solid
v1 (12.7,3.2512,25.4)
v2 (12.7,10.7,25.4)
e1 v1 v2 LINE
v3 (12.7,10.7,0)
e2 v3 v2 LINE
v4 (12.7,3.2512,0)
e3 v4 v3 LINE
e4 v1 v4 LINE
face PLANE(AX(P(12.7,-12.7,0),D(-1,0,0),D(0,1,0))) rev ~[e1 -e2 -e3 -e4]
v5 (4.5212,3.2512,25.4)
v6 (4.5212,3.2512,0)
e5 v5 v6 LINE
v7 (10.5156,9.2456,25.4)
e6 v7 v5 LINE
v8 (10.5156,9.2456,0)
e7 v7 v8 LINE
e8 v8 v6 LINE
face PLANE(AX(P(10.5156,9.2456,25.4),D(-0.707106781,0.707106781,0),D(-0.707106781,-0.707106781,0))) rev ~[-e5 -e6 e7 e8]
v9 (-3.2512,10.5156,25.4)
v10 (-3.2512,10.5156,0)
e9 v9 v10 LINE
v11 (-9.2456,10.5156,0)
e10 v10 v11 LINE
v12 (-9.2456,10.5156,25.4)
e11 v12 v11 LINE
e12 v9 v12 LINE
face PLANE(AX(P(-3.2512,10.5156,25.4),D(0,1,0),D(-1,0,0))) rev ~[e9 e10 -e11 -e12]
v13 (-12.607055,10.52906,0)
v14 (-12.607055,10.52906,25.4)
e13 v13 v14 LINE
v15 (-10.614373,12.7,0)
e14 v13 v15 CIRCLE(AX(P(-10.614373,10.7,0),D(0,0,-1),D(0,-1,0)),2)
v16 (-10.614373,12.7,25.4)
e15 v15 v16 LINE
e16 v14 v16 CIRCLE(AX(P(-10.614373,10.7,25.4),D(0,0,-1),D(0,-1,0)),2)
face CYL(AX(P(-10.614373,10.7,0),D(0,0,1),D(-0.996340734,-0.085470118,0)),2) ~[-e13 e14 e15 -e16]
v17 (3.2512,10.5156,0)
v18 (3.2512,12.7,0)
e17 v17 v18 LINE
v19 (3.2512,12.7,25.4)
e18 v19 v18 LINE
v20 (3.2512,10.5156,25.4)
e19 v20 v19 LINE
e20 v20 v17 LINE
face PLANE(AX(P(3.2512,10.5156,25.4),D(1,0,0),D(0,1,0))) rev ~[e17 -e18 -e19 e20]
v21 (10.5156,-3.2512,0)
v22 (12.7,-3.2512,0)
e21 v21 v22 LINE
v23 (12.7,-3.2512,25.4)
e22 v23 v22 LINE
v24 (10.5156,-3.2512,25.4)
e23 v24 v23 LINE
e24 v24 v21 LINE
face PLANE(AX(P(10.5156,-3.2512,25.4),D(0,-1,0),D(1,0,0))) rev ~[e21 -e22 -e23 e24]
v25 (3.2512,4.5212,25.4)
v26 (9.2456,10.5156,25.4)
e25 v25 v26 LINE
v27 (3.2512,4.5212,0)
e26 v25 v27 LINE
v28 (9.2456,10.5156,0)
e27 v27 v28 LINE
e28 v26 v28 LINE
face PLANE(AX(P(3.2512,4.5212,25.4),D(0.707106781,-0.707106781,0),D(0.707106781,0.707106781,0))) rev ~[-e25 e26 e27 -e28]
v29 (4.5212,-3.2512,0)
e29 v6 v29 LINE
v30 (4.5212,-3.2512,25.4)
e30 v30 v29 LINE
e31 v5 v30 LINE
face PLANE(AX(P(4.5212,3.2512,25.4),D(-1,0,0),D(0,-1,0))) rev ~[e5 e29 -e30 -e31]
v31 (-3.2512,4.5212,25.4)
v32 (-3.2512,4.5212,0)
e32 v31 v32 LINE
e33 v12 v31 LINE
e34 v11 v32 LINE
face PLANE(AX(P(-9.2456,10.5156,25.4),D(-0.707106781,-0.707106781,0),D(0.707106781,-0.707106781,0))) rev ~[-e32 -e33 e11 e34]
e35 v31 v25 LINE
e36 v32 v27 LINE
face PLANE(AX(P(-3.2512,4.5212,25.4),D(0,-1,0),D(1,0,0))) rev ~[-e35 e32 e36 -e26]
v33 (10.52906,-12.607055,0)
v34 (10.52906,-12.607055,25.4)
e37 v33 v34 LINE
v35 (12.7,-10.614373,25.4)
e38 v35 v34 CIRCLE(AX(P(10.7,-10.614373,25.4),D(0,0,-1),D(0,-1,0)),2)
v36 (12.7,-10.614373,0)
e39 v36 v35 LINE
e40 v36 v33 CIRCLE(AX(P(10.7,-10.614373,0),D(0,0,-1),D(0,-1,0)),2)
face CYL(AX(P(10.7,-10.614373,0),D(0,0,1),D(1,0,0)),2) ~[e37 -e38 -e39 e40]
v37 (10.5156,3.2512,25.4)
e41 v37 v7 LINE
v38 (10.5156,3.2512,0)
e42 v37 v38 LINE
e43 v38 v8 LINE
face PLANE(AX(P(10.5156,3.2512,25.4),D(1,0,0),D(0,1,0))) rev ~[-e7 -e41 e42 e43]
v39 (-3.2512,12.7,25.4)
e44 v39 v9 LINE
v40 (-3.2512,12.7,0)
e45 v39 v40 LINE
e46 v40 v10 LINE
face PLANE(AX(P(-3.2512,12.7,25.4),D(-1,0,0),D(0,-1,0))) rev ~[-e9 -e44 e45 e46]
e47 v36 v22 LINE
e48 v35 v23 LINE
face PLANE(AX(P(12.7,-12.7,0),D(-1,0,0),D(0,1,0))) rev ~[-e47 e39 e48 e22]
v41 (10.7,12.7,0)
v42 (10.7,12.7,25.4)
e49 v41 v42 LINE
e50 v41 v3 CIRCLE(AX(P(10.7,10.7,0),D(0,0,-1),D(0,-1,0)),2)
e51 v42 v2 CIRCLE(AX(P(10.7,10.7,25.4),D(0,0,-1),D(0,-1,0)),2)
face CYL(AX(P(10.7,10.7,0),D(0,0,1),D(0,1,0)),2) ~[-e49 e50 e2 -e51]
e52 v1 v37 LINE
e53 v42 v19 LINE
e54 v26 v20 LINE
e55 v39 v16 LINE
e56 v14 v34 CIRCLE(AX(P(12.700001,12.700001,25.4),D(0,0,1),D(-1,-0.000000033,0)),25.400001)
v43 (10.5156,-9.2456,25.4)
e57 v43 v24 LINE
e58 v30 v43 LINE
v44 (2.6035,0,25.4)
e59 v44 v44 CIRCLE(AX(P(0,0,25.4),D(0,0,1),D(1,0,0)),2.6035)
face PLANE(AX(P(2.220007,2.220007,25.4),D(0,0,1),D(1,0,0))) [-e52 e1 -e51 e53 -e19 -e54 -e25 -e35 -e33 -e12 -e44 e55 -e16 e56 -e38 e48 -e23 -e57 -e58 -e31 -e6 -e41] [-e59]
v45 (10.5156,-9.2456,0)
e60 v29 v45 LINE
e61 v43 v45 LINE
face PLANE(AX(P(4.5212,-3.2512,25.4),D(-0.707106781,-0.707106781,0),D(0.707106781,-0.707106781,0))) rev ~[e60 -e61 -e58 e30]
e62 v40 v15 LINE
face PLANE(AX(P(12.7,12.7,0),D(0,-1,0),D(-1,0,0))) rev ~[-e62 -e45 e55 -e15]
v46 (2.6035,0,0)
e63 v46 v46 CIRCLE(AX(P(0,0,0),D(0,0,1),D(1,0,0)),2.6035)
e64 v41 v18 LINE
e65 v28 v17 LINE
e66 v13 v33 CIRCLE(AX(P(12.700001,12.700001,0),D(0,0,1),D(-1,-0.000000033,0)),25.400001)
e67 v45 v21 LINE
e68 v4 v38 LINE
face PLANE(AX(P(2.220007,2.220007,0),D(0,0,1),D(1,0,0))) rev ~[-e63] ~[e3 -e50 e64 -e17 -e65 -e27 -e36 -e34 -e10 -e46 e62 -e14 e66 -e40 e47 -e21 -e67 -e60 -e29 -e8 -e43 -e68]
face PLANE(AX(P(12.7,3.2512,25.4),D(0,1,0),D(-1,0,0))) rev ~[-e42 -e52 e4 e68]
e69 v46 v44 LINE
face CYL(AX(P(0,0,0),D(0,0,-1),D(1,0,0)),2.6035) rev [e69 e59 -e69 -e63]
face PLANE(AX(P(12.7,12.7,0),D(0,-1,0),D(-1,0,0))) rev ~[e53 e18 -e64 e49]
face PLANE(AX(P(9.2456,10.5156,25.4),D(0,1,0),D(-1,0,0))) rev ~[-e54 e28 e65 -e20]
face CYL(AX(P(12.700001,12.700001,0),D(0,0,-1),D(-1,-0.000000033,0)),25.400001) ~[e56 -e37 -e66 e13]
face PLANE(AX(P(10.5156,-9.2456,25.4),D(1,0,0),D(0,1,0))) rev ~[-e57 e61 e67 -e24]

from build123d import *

# Parameters (mm, degrees)
SKETCH002_R     = 2.6035
PAD001_DEPTH    = 25.4
POCKET001_DEPTH = 25.401
FILLET001_R     = 2


with BuildPart() as part:
    # Sketch002 → Pad001 (new body)
    with BuildSketch(Plane.XY):
        with BuildLine():
            Line((12.7, -12.7), (12.7, 12.7))
            Line((12.7, 12.7), (-12.7, 12.7))
            ThreePointArc((-12.7, 12.7), (-5.260512, -5.260512), (12.7, -12.7))
        make_face()
        Circle(SKETCH002_R, mode=Mode.SUBTRACT)
    extrude(amount=PAD001_DEPTH)

    # Sketch003 (on Face6 of Pad001) → Pocket001 (cut, through all)
    with BuildSketch(Plane.XY.offset(25.4)):
        Polygon((-3.2512, 4.5212), (3.2512, 4.5212), (9.2456, 10.5156), (3.2512, 10.5156), (3.2512, 12.7), (-3.2512, 12.7), (-3.2512, 10.5156), (-9.2456, 10.5156), align=None)
        Polygon((4.5212, 3.2512), (4.5212, -3.2512), (10.5156, -9.2456), (10.5156, -3.2512), (12.7, -3.2512), (12.7, 3.2512), (10.5156, 3.2512), (10.5156, 9.2456), align=None)
    extrude(amount=-POCKET001_DEPTH, mode=Mode.SUBTRACT)

    # Fillet001
    fillet001_edges = [part.edges().sort_by_distance(p)[0] for p in [
        (12.7, 12.7, 12.7),
        (12.7, -12.7, 12.7),
        (-12.7, 12.7, 12.7),
    ]]
    fillet(fillet001_edges, radius=FILLET001_R)


solid = part.part
